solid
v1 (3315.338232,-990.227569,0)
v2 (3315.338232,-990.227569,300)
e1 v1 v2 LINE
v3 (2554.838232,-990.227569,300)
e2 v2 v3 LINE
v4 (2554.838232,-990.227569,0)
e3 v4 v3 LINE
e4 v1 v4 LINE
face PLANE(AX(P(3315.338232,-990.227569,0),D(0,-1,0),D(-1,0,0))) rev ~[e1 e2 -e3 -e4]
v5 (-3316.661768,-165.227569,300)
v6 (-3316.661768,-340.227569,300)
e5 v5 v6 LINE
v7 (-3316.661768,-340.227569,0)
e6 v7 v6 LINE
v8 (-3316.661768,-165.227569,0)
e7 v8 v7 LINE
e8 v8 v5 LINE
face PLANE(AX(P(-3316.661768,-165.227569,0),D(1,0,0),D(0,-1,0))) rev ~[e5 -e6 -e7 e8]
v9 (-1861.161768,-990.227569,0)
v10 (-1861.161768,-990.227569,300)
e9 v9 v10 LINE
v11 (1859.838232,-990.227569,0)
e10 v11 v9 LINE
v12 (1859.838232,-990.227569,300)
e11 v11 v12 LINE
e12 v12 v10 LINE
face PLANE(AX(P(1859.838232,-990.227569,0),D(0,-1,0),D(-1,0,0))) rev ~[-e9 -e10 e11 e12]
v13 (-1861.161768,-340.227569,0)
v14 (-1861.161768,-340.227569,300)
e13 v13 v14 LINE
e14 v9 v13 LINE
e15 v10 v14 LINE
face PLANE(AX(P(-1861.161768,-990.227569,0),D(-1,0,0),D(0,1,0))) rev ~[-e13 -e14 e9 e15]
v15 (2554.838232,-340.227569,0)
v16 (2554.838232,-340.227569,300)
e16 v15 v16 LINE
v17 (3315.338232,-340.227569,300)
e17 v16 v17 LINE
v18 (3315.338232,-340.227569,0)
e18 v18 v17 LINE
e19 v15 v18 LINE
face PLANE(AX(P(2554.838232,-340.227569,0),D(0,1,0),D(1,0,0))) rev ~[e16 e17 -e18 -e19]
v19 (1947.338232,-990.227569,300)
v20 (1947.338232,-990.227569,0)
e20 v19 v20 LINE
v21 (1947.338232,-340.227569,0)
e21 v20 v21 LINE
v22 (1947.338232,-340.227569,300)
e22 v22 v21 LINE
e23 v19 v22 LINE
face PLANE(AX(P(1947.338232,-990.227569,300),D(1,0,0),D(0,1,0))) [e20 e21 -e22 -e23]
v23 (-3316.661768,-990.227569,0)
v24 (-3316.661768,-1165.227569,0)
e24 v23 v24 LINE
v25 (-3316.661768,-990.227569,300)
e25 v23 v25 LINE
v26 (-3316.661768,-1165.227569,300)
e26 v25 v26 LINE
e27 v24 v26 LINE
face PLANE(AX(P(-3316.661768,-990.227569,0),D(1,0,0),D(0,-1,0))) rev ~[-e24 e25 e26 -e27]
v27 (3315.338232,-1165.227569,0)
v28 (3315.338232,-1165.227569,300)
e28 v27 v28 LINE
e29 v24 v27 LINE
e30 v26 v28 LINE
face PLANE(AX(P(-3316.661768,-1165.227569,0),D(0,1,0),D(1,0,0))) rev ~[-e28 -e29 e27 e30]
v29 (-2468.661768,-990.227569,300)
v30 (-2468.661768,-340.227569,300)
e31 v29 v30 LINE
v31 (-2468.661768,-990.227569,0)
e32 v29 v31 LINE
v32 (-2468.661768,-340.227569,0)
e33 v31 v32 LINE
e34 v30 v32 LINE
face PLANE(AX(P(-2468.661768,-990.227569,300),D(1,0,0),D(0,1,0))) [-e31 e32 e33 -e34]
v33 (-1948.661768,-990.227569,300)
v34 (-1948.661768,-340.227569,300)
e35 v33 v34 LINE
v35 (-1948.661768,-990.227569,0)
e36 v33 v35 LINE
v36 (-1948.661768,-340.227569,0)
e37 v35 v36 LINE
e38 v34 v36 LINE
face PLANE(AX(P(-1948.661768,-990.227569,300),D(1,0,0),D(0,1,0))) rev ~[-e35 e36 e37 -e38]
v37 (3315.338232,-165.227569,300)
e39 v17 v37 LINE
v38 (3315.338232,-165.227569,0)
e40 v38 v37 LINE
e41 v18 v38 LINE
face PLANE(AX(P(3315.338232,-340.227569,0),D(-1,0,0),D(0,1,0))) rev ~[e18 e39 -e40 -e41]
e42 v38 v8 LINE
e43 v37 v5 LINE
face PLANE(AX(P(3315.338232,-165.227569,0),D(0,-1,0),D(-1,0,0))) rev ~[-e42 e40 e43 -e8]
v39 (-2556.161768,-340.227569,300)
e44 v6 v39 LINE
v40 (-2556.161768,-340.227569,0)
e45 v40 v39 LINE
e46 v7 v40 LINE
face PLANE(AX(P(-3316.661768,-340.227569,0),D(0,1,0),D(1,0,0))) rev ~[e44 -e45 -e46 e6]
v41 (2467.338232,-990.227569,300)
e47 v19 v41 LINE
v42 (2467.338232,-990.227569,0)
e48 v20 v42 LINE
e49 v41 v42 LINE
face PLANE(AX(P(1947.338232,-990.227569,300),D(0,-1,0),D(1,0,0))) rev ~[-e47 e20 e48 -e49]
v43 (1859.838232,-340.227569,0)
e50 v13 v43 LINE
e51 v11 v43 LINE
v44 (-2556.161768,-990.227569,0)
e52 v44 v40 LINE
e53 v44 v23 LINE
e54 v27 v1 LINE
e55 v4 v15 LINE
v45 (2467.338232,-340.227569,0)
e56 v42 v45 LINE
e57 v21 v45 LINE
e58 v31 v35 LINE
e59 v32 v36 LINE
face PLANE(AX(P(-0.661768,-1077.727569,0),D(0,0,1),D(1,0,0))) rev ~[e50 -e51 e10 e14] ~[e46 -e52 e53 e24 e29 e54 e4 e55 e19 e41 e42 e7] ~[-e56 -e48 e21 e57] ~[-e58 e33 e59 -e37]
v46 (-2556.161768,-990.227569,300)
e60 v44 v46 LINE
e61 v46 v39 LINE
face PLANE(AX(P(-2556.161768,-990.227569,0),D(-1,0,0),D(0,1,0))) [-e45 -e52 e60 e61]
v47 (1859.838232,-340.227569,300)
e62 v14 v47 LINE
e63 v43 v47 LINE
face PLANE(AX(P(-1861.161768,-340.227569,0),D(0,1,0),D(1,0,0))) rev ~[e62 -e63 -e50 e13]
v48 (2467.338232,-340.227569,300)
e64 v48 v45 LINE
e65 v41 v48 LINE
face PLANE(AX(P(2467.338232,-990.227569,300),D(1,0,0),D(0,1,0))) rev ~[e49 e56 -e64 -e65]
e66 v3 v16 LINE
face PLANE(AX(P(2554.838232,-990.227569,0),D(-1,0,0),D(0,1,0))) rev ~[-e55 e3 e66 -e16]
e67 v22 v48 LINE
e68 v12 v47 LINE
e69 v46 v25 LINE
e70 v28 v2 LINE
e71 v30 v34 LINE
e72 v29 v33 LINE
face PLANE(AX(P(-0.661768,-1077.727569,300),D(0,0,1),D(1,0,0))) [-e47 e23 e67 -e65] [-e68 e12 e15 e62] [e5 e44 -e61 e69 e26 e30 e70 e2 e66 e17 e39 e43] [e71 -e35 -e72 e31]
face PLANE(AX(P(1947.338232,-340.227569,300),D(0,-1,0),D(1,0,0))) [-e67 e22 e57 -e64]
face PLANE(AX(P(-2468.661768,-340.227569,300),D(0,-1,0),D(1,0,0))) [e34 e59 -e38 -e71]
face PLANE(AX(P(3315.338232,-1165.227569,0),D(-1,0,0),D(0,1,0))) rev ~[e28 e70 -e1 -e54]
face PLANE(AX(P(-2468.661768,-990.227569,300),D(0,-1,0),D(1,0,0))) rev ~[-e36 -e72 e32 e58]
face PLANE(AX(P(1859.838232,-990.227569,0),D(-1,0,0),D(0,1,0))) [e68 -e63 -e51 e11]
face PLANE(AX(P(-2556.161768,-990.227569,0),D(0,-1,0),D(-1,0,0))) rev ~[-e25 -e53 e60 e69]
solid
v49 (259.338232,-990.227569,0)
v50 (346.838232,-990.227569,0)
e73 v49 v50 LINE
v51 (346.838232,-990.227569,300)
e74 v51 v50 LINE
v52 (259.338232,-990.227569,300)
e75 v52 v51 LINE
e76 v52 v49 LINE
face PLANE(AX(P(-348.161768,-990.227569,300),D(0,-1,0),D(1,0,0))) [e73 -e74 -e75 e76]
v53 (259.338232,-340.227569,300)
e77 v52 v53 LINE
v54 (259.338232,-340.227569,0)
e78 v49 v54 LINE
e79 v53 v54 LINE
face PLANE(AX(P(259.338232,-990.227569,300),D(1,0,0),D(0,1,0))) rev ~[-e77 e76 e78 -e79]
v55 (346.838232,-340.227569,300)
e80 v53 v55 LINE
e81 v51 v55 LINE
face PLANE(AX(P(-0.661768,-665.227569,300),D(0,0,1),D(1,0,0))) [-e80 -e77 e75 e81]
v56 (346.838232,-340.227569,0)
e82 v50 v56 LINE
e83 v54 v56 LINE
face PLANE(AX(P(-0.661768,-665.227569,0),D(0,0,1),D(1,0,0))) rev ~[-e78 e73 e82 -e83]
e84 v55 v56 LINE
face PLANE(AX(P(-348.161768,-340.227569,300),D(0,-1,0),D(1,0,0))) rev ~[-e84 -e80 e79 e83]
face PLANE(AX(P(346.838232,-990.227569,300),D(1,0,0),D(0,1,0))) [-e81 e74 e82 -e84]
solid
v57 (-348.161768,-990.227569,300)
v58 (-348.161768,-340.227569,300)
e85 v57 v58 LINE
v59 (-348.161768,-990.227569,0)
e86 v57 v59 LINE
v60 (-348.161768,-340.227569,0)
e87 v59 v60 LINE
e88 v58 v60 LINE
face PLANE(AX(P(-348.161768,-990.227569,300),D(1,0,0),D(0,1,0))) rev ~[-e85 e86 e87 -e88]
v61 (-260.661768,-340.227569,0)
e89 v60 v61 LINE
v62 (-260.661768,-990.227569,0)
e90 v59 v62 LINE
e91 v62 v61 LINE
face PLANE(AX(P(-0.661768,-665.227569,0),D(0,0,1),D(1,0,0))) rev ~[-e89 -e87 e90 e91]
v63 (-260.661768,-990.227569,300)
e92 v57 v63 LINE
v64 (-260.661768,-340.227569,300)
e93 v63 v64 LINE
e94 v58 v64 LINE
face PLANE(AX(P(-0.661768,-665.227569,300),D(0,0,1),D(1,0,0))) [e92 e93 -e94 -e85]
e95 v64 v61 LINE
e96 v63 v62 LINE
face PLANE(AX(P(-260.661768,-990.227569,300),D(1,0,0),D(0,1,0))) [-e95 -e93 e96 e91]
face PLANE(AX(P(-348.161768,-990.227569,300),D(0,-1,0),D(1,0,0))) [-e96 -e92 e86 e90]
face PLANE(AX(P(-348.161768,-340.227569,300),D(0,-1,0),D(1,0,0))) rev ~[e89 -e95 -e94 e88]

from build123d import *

# Parameters (mm, degrees)
F0_W     = 695
F0_H     = 650
F1_DEPTH = 300
F2_W     = 520
F2_H     = 650
F3_DEPTH = 300.001
F4_W     = 695
F4_H     = 650
F5_DEPTH = 300
F6_W     = 520
F6_H     = 650
F7_DEPTH = 300.001


with BuildPart() as f1:
    # F0 (on Top) → F1 (new body)
    with BuildSketch(Plane.XY):
        Polygon((-2556.161768, -990.227569), (-3316.661768, -990.227569), (-3316.661768, -1165.227569), (3315.338232, -1165.227569), (3315.338232, -990.227569), (2554.838232, -990.227569), (1859.838232, -990.227569), (346.838232, -990.227569), (-348.161768, -990.227569), (-1861.161768, -990.227569), align=None)
        with Locations((-2208.661768, -665.227569)):
            Rectangle(F0_W, F0_H)
        Polygon((-3316.661768, -340.227569), (-2556.161768, -340.227569), (-1861.161768, -340.227569), (-348.161768, -340.227569), (346.838232, -340.227569), (1859.838232, -340.227569), (2554.838232, -340.227569), (3315.338232, -340.227569), (3315.338232, -165.227569), (-3316.661768, -165.227569), align=None)
        with Locations((2207.338232, -665.227569)):
            Rectangle(F0_W, F0_H)
    extrude(amount=F1_DEPTH)

    # F2 (on face) → F3 (cut, through all)
    with BuildSketch(Plane.XY.offset(300)):
        with Locations((-2208.661768, -665.227569)):
            Rectangle(F2_W, F2_H)
        with Locations((2207.338232, -665.227569)):
            Rectangle(F2_W, F2_H)
    extrude(amount=-F3_DEPTH, mode=Mode.SUBTRACT)


with BuildPart() as f5:
    # F4 (on face) → F5 (new body)
    with BuildSketch(Plane.XY.offset(300)):
        with Locations((-0.661768, -665.227569)):
            Rectangle(F4_W, F4_H)
    extrude(amount=-F5_DEPTH)

    # F6 (on face) → F7 (cut, through all)
    with BuildSketch(Plane.XY.offset(300)):
        with Locations((-0.661768, -665.227569)):
            Rectangle(F6_W, F6_H)
    extrude(amount=-F7_DEPTH, mode=Mode.SUBTRACT)


solid = Compound([f1.part, f5.part])
